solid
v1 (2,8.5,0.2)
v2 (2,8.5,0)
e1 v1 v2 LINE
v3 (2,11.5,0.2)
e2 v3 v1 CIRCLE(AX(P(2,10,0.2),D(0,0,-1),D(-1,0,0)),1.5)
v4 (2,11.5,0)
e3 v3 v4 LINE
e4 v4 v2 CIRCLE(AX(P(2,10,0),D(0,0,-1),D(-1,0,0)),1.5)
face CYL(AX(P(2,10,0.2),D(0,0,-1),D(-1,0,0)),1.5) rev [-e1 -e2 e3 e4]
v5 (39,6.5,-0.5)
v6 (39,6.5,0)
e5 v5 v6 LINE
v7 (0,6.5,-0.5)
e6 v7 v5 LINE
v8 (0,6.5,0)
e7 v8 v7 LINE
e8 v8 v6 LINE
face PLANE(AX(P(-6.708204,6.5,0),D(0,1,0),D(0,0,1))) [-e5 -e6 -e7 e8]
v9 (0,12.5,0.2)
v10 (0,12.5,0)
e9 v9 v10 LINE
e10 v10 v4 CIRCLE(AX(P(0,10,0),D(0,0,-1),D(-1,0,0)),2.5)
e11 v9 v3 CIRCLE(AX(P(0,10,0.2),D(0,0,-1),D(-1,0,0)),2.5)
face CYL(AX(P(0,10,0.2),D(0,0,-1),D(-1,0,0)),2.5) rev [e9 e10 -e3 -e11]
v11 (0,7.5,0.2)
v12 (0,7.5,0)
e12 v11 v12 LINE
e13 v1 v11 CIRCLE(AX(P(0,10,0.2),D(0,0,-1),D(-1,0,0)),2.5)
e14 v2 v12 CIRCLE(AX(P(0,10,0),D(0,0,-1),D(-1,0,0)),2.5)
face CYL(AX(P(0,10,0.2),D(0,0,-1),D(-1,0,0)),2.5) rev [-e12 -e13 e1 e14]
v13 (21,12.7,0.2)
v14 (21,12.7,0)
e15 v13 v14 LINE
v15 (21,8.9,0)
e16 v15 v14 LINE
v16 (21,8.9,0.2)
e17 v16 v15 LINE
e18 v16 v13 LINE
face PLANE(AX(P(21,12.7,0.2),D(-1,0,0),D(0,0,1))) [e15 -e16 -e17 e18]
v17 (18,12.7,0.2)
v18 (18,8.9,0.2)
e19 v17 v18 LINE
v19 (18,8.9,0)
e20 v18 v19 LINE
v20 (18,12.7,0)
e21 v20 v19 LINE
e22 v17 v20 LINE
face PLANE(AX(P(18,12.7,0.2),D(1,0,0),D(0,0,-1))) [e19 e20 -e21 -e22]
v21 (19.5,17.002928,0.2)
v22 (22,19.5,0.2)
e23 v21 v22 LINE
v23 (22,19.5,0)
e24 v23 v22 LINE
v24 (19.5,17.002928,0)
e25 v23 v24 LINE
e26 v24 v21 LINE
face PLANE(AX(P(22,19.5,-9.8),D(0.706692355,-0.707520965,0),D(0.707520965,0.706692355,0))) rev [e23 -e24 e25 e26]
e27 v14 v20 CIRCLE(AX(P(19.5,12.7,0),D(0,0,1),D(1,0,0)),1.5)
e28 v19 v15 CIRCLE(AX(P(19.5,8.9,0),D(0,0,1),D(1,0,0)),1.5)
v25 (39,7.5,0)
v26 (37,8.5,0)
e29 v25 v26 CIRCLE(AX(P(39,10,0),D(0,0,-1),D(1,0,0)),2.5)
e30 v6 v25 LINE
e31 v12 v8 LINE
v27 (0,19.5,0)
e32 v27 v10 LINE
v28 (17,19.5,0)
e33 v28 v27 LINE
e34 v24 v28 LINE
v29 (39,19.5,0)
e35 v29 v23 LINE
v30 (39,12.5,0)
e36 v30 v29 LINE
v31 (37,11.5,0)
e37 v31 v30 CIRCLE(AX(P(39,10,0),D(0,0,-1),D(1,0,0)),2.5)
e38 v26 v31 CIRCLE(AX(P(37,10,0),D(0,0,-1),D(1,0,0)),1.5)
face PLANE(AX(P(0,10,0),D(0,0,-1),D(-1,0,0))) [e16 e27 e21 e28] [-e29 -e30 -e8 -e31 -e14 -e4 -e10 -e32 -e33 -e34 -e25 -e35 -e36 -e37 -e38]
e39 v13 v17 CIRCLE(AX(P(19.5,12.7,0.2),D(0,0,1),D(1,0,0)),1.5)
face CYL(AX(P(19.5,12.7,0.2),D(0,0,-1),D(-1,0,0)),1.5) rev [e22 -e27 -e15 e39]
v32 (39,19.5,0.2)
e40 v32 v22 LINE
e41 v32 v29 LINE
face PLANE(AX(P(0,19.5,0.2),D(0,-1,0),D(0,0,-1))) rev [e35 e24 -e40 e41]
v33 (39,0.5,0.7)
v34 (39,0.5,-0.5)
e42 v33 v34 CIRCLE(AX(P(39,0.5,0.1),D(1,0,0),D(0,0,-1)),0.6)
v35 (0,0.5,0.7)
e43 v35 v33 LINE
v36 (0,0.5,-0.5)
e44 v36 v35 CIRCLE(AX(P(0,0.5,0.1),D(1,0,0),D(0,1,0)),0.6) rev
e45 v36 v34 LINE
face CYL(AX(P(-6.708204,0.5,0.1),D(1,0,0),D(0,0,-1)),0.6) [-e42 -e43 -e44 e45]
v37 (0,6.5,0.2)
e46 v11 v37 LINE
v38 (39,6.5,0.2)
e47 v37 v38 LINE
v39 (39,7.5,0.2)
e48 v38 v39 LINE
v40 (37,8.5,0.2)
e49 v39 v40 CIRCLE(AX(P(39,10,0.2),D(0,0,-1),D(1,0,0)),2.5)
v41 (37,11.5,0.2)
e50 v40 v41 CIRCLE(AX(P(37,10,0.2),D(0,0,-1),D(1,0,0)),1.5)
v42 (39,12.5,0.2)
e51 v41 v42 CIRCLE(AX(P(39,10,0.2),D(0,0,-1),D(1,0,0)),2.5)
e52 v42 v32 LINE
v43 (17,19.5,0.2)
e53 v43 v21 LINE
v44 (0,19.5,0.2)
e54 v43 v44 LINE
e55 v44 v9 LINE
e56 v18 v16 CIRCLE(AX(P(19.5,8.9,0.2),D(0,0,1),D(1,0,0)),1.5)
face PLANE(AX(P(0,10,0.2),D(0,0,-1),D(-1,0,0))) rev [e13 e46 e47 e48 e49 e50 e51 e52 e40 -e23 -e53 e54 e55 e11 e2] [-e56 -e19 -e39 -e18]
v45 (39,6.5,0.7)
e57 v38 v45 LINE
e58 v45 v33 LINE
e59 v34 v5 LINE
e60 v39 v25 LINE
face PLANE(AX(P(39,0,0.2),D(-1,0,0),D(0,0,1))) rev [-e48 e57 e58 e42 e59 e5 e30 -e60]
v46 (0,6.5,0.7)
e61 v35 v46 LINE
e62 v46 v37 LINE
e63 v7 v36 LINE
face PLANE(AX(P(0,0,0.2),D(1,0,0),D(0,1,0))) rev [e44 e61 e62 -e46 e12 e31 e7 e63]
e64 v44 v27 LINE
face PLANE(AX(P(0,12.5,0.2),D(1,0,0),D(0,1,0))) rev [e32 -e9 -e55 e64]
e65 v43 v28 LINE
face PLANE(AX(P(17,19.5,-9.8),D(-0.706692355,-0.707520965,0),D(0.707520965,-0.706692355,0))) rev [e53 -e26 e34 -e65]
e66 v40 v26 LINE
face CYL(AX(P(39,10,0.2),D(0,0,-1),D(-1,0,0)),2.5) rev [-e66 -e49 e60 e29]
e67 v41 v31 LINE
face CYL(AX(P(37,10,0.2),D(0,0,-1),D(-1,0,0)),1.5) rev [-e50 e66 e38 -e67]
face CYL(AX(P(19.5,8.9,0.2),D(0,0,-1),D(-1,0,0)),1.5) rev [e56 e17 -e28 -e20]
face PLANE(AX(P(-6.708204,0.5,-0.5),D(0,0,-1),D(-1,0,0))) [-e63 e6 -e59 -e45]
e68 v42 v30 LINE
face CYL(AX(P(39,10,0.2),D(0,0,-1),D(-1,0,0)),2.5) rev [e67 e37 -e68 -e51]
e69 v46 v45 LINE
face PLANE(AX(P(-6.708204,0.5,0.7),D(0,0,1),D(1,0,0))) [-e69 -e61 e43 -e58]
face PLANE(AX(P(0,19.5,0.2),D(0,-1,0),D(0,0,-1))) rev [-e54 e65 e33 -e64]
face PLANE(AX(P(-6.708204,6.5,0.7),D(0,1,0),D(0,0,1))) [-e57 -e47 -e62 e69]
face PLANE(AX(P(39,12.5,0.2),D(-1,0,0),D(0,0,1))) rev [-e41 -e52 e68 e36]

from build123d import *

# Parameters (mm, degrees)
BOSS_EXTRUDE1_DEPTH = 0.2
BOSS_EXTRUDE2_DEPTH = 39
CUT_EXTRUDE1_DEPTH  = 10


with BuildPart() as part:
    # Sketch1 → Boss-Extrude1 (new body)
    with BuildSketch(Plane.XY):
        with BuildLine():
            Line((0, 0), (39, 0))
            Line((39, 0), (39, 7.5))
            ThreePointArc((39, 7.5), (37.881966011, 7.763932023), (37, 8.5))
            ThreePointArc((37, 8.5), (35.5, 10), (37, 11.5))
            ThreePointArc((37, 11.5), (37.881966011, 12.236067977), (39, 12.5))
            Line((39, 12.5), (39, 19.5))
            Line((39, 19.5), (0, 19.5))
            Line((0, 19.5), (0, 12.5))
            ThreePointArc((0, 12.5), (1.118033989, 12.236067977), (2, 11.5))
            ThreePointArc((2, 11.5), (3.5, 10), (2, 8.5))
            ThreePointArc((2, 8.5), (1.118033989, 7.763932023), (0, 7.5))
            Line((0, 7.5), (0, 0))
        make_face()
        with BuildLine():
            Line((21, 12.7), (21, 8.9))
            ThreePointArc((21, 8.9), (19.5, 7.4), (18, 8.9))
            Line((18, 8.9), (18, 12.7))
            ThreePointArc((18, 12.7), (19.5, 14.2), (21, 12.7))
        make_face(mode=Mode.SUBTRACT)
    extrude(amount=BOSS_EXTRUDE1_DEPTH)

    # Sketch2 → Boss-Extrude2 (add)
    with BuildSketch(Plane(origin=(39, 0, 0), x_dir=(0, 0, -1), z_dir=(1, 0, 0))):
        with BuildLine():
            Line((-0.7, 0.5), (-0.7, 6.5))
            Line((-0.7, 6.5), (-0.2, 6.5))
            Line((-0.2, 6.5), (-0.2, 0))
            Line((-0.2, 0), (0, 0))
            Line((0, 0), (0, 6.5))
            Line((0, 6.5), (0.5, 6.5))
            Line((0.5, 6.5), (0.5, 0.5))
            ThreePointArc((0.5, 0.5), (-0.1, -0.1), (-0.7, 0.5))
        make_face()
    extrude(amount=-BOSS_EXTRUDE2_DEPTH)

    # Sketch3 → Cut-Extrude1 (cut)
    with BuildSketch(Plane.XY.offset(0.2)):
        Polygon((17, 19.5), (19.5, 17.002927863), (22, 19.5), (22, 22.539691699), (17, 22.539691699), align=None)
    extrude(amount=-CUT_EXTRUDE1_DEPTH, mode=Mode.SUBTRACT)


solid = part.part
